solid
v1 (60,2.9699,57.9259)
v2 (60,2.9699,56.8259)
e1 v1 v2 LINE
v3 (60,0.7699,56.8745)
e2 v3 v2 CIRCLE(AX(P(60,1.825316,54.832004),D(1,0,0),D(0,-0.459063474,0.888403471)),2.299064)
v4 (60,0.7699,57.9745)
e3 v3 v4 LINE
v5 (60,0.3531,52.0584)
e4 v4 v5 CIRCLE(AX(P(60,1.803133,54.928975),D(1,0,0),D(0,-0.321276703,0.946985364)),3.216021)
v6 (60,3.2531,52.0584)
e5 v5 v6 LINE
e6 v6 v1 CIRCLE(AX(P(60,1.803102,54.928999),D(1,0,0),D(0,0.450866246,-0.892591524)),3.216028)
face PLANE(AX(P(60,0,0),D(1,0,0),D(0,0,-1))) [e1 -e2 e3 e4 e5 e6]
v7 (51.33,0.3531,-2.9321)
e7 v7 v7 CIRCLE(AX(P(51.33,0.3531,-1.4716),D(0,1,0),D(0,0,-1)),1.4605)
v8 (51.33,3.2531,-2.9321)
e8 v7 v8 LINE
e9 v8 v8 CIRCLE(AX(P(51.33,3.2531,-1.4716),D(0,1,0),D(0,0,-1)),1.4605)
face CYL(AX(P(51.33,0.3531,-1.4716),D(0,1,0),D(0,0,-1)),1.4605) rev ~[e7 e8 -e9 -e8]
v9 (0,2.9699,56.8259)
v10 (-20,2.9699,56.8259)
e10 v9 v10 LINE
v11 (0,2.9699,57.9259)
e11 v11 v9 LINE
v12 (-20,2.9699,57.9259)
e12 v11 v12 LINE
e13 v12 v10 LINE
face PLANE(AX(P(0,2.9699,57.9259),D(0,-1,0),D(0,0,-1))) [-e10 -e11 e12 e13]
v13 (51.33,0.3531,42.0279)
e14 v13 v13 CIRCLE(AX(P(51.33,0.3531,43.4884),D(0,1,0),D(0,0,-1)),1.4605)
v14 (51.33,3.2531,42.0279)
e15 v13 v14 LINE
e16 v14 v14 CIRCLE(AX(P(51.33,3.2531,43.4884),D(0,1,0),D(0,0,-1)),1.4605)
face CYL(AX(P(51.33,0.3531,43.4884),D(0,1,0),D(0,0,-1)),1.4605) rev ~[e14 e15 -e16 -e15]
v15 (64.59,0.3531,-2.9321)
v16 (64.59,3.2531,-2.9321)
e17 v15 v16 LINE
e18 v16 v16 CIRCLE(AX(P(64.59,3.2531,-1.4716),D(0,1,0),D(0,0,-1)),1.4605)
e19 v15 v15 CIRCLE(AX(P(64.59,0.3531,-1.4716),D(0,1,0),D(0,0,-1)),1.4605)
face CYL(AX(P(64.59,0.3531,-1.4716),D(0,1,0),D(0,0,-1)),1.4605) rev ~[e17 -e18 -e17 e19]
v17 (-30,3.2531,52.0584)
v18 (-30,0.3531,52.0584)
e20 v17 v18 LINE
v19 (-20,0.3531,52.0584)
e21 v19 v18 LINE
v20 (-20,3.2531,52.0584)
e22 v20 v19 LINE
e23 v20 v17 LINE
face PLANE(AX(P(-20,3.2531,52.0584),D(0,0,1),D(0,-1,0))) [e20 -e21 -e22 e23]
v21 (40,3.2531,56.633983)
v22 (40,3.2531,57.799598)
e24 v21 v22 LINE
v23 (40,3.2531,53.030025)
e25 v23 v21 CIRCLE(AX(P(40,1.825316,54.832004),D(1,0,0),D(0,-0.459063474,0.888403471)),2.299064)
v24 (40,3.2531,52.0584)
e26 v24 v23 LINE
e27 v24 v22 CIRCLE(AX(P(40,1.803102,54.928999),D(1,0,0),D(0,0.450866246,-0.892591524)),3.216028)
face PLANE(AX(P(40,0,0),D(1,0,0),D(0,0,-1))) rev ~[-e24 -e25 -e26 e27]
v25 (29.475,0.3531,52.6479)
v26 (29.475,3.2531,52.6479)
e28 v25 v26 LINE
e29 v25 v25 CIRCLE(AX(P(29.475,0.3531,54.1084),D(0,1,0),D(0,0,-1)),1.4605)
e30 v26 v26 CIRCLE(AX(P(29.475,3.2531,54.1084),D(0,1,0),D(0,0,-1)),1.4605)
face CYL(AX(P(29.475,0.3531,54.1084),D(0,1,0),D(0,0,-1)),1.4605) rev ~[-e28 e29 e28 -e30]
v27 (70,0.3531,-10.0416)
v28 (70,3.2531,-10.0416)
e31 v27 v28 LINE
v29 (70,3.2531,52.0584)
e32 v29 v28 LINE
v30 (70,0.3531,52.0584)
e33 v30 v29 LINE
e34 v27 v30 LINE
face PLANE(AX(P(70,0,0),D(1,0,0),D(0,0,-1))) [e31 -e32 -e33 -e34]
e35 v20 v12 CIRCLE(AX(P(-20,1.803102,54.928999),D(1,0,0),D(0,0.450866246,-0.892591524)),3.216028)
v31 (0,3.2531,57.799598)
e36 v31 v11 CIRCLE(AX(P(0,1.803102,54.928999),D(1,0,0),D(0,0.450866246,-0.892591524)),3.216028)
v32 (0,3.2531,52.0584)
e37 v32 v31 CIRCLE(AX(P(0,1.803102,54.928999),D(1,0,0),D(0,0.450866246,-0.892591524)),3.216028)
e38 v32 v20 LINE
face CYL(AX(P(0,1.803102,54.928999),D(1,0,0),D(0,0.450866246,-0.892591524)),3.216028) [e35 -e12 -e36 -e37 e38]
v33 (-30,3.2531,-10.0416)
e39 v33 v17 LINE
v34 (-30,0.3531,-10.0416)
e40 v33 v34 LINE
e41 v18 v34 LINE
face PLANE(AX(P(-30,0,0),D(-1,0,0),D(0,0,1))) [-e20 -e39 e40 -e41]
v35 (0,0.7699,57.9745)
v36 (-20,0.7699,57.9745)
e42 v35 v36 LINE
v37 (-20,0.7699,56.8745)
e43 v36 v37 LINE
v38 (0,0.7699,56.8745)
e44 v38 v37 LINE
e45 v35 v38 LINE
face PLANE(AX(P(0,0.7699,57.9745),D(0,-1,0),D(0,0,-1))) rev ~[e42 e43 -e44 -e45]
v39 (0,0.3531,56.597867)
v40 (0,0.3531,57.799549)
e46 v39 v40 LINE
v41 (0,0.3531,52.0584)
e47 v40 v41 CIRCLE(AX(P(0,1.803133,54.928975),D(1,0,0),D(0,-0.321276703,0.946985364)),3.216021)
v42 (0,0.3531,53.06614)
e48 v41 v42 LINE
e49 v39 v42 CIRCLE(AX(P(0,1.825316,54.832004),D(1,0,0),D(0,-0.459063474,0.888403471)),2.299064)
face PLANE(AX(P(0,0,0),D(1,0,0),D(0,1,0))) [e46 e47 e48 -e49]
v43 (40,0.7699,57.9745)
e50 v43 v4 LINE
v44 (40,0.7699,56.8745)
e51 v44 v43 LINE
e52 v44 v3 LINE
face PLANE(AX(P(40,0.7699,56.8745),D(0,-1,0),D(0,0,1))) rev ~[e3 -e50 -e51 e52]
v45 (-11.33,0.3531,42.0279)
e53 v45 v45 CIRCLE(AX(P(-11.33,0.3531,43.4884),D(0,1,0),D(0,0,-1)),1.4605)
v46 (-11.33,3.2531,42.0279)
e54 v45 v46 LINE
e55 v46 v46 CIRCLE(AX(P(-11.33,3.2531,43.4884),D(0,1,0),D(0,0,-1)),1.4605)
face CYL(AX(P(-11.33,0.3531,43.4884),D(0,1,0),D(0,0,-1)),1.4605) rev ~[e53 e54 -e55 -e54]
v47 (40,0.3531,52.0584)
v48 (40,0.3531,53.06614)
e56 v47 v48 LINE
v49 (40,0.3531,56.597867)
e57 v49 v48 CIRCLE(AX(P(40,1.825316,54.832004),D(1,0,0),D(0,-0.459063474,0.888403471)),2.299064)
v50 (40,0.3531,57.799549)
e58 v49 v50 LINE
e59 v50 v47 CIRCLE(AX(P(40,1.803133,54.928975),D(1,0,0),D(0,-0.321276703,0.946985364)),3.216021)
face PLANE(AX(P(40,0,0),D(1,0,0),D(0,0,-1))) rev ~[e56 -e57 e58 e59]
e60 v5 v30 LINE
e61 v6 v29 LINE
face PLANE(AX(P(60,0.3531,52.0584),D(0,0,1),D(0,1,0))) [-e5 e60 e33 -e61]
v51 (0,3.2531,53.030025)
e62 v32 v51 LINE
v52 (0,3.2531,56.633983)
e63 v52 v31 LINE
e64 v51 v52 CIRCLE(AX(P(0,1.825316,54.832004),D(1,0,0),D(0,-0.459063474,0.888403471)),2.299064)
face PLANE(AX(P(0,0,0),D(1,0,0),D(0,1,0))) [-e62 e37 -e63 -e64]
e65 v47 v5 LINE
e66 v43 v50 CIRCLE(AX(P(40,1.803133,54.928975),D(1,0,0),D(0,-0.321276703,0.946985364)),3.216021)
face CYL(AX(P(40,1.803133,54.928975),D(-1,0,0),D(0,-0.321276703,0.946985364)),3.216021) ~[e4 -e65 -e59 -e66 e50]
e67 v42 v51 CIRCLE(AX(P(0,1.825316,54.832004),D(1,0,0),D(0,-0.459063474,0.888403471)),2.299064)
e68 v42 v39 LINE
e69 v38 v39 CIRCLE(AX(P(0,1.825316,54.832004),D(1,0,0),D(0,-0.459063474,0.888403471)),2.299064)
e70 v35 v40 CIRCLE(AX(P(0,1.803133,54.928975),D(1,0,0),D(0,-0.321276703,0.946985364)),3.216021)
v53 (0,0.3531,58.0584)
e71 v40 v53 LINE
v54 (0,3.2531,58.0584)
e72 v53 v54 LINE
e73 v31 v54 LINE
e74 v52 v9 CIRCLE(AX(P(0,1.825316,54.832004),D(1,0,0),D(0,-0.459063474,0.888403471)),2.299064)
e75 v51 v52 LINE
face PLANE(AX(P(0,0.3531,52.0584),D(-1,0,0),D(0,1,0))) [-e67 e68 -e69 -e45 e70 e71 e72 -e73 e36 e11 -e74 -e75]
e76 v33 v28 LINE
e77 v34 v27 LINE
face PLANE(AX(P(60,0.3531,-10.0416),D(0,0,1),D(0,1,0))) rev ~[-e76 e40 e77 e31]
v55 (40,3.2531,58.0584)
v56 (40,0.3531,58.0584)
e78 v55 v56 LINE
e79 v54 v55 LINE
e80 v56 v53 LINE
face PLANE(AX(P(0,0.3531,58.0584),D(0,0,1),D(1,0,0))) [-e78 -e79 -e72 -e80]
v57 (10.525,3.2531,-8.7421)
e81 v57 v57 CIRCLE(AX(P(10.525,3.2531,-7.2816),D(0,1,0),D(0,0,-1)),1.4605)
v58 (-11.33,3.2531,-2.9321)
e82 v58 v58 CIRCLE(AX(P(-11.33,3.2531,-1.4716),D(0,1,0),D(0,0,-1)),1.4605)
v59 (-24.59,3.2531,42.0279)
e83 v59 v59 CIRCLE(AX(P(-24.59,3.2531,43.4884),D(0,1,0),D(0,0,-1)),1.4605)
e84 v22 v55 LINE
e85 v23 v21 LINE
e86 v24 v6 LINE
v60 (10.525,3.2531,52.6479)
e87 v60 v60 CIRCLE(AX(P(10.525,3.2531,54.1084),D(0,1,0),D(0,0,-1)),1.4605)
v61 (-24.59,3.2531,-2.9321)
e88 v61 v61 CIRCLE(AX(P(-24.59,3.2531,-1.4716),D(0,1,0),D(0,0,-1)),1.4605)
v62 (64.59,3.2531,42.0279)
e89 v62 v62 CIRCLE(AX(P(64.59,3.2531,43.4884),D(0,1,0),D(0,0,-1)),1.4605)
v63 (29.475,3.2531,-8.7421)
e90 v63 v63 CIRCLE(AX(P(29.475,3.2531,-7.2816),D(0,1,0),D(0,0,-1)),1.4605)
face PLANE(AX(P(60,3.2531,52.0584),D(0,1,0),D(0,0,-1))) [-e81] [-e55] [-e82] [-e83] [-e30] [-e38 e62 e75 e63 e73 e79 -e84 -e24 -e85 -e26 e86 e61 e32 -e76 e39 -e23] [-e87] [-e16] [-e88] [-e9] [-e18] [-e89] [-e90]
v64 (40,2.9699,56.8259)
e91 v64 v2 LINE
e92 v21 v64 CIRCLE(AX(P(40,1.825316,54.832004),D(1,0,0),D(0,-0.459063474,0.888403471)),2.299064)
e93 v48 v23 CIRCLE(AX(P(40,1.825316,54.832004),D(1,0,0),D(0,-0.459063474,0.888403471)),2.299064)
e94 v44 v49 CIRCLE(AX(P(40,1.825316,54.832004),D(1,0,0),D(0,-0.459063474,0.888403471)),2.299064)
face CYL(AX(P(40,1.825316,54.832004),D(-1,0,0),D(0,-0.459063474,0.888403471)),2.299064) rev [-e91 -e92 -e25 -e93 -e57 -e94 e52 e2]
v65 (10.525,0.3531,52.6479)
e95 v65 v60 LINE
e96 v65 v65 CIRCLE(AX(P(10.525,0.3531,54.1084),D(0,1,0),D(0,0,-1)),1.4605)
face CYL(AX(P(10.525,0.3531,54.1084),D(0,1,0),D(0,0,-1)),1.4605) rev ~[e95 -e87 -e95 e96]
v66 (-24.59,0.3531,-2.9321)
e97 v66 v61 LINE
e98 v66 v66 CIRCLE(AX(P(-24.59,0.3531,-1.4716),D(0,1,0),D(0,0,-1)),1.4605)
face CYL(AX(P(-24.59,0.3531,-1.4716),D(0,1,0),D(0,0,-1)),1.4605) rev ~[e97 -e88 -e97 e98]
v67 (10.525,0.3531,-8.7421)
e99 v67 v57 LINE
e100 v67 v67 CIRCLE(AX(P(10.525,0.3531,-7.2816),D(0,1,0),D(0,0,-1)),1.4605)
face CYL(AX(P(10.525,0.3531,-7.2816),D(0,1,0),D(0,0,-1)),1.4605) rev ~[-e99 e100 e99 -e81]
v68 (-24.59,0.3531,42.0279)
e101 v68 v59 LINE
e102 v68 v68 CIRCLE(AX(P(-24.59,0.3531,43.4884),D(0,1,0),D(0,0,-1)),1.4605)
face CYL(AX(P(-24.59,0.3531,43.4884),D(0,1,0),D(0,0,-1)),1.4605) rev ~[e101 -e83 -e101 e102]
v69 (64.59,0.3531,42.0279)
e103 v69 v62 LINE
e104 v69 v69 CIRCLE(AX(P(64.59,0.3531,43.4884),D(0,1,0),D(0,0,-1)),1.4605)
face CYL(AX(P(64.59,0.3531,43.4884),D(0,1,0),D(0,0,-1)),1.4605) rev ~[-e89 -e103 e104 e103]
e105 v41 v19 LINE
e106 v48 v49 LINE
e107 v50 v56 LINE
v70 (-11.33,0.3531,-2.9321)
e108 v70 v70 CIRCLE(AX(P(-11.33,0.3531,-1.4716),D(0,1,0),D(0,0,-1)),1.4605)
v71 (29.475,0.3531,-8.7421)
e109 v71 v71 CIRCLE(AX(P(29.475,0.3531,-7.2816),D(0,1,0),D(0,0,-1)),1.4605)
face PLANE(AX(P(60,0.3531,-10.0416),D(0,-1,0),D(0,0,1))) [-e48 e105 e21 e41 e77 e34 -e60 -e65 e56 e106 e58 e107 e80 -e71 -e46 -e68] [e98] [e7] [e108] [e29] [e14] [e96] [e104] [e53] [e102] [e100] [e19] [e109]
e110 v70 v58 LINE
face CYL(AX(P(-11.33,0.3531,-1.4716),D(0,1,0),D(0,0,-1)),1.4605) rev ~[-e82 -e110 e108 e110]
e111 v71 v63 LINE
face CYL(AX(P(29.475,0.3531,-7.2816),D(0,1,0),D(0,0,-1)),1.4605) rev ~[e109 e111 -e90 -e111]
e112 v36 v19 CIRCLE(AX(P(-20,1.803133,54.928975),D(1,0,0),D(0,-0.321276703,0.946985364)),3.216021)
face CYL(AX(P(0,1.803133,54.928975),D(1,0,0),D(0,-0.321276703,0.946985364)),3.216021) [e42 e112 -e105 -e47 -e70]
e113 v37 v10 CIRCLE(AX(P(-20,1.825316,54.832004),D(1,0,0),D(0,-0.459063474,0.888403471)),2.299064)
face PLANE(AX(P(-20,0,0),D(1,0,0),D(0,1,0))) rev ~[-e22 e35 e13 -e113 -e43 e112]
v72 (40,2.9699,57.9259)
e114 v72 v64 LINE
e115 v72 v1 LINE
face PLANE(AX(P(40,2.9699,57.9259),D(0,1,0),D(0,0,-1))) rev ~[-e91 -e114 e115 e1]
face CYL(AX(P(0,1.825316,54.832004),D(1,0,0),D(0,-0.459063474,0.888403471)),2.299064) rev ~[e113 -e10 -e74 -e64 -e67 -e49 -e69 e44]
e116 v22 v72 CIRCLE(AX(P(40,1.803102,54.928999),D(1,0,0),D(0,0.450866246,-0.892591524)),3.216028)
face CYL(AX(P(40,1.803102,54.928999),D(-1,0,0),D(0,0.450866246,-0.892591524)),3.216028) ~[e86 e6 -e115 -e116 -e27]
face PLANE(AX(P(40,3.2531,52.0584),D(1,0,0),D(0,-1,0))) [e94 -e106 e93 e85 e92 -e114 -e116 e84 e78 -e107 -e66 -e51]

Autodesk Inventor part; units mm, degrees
ref_plane "YZ Plane" through (0, 0, 0) normal (1, 0, 0) x (0, 1, 0)
ref_plane "XZ Plane" through (0, 0, 0) normal (0, 1, 0) x (-1, 0, 0)
ref_plane "XY Plane" through (0, 0, 0) normal (0, 0, 1) x (1, 0, 0)
sketch "Sketch1" plane through (0, 0, 0) normal (1, 0, 0) x (0, 1, 0)
  line L0 (3.2531, 52.0584) -> (0.3531, 52.0584)
  line L1 (0.3531, 52.0584) -> (0.3531, -10.0416)
  line L2 (0.3531, -10.0416) -> (3.2531, -10.0416)
  line L3 (3.2531, -10.0416) -> (3.2531, 52.0584)
  arc A0 (3.2531, 52.0584) -> (2.9699, 57.9259) centre (1.8031, 54.929) ccw
  arc A1 (0.7699, 57.9745) -> (0.3531, 52.0584) centre (1.8031, 54.929) ccw
  line L4 (0.7699, 57.9745) -> (0.7699, 56.8745)
  line L5 (2.9699, 57.9259) -> (2.9699, 56.8259)
  arc A2 (0.7699, 56.8745) -> (2.9699, 56.8259) centre (1.8253, 54.832) ccw
  point P0 (0, 0)
  dimension "d0" = 2.9
  dimension "d1" = 62.1
  dimension "d156" = 1.1
  dimension "d157" = 1.1
  dimension "d158" = 2.2
extrude "Extrusion1" add sketch "Sketch1" against normal blind 20
sketch "Sketch3" plane through (0, 0, 0) normal (1, 0, 0) x (0, 0, -1)
  arc A0 (-52.0584, 3.2531) -> (-57.9259, 2.9699) centre (-54.929, 1.8031) ccw projected
  line L0 (10.0416, 0.3531) -> (-52.0584, 0.3531) projected
  line L1 (-52.0584, 3.2531) -> (10.0416, 3.2531)
  line L2 (10.0416, 3.2531) -> (10.0416, 0.3531)
  line L3 (10.0416, 0.3531) -> (-52.0584, 0.3531)
  line L4 (-52.0584, 0.3531) -> (-52.0584, 3.2531)
  point P0 (0, 0)
extrude "Extrusion2" add sketch "Sketch3" along normal blind 40
sketch "Sketch4" plane through (40, 0, 0) normal (1, 0, 0) x (0, 0, -1)
  line L0 (10.0416, 0.3531) -> (-52.0584, 0.3531) projected
  line L1 (10.0416, 0.3531) -> (-52.0584, 0.3531)
  line L2 (-52.0584, 0.3531) -> (-52.0584, 3.2531)
  line L3 (-52.0584, 3.2531) -> (10.0416, 3.2531)
  line L4 (10.0416, 3.2531) -> (10.0416, 0.3531)
  arc A0 (-57.9745, 0.7699) -> (-52.0584, 0.3531) centre (-54.929, 1.8031) ccw projected
  arc A1 (-57.9745, 0.7699) -> (-52.0584, 0.3531) centre (-54.929, 1.8031) ccw
  arc A2 (-52.0584, 3.2531) -> (-57.9259, 2.9699) centre (-54.929, 1.8031) ccw projected
  arc A3 (-52.0584, 3.2531) -> (-57.9259, 2.9699) centre (-54.929, 1.8031) ccw
  arc A4 (-56.8745, 0.7699) -> (-56.8259, 2.9699) centre (-54.832, 1.8253) ccw projected
  arc A5 (-56.8745, 0.7699) -> (-56.8259, 2.9699) centre (-54.832, 1.8253) ccw
  line L5 (-56.8745, 0.7699) -> (-57.9745, 0.7699) projected
  line L6 (-56.8745, 0.7699) -> (-57.9745, 0.7699)
  line L7 (-57.9259, 2.9699) -> (-56.8259, 2.9699) projected
  line L8 (-56.8259, 2.9699) -> (-57.9259, 2.9699)
  point P0 (0, 0)
  dimension "d159" = 1.1
  dimension "d160" = 2.2
extrude "Extrusion3" add sketch "Sketch4" along normal blind 20
sketch "Sketch9" plane through (0, 0.3531, 52.0584) normal (0, 0, 1) x (1, 0, 0)
  line L0 (0, 2.9) -> (40, 2.9) projected
  line L1 (0, 2.9) -> (40, 2.9)
  line L2 (40, 2.9) -> (40, 0)
  line L3 (40, 0) -> (0, 0)
  line L4 (0, 0) -> (0, 2.9)
  point P0 (0, -0.3531)
extrude "Extrusion4" add sketch "Sketch9" along normal blind 6
sketch "Sketch10" plane through (-20, 0, 0) normal (-1, 0, 0) x (0, 0, 1)
  arc A0 (52.0584, 0.3531) -> (57.9745, 0.7699) centre (54.929, 1.8031) ccw projected
  line L0 (-10.0416, 3.2531) -> (-10.0416, 0.3531) projected
  line L1 (52.0584, 0.3531) -> (-10.0416, 0.3531)
  line L2 (-10.0416, 0.3531) -> (-10.0416, 3.2531)
  line L3 (-10.0416, 3.2531) -> (52.0584, 3.2531)
  line L4 (52.0584, 3.2531) -> (52.0584, 0.3531)
  point P0 (0, 0)
extrude "Extrusion5" add sketch "Sketch10" along normal blind 10
sketch "Sketch11" plane through (60, 0, 0) normal (1, 0, 0) x (0, 0, -1)
  line L0 (10.0416, 0.3531) -> (10.0416, 3.2531) projected
  arc A0 (-52.0584, 3.2531) -> (-57.7996, 3.2531) centre (-54.929, 1.8031) ccw projected
  line L1 (10.0416, 0.3531) -> (-52.0584, 0.3531)
  line L2 (-52.0584, 0.3531) -> (-52.0584, 3.2531)
  line L3 (-52.0584, 3.2531) -> (10.0416, 3.2531)
  line L4 (10.0416, 3.2531) -> (10.0416, 0.3531)
  point P0 (0, 0)
extrude "Extrusion6" add sketch "Sketch11" along normal blind 10
sketch "Sketch5" plane through (-20, 0.3531, -10.0416) normal (0, -1, 0) x (1, 0, 0)
  line L0 (20, 62.1) -> (60, 62.1) projected
  line L1 (0, 0) -> (0, 62.1) projected
  line L2 (60, 68.1) -> (20, 68.1) projected
  line L3 (-10, 0) -> (-10, 62.1) projected
  point P0 (20, 10.0416)
  point P1 (30.525, 64.15)
  dimension "d80" = 40.525
  dimension "d81" = 3.95
hole "Hole1" at (10.525, 0.3531, 54.1084) direction (0, 1, 0) diameter 2.921 end through all
sketch "Sketch6" plane through (-20, 0.3531, -10.0416) normal (0, -1, 0) x (1, 0, 0)
  line L0 (20, 62.1) -> (60, 62.1) projected
  circle A0 centre (30.525, 64.15) radius 1.4605 projected
  line L1 (60, 68.1) -> (20, 68.1) projected
  point P0 (20, 10.0416)
  point P1 (49.475, 64.15)
  dimension "d42" = 18.95
  dimension "d53" = 3.95
hole "Hole2" at (29.475, 0.3531, 54.1084) direction (0, 1, 0) diameter 2.921 end through all
sketch "Sketch7" plane through (-20, 0.3531, -10.0416) normal (0, -1, 0) x (1, 0, 0)
  line L0 (0, 0) -> (0, 62.1) projected
  circle A0 centre (30.525, 64.15) radius 1.4605 projected
  line L1 (-10, 0) -> (-10, 62.1) projected
  point P0 (20, 10.0416)
  point P1 (30.525, 2.76)
  dimension "d49" = 61.39
  dimension "d82" = 40.525
hole "Hole3" at (10.525, 0.3531, -7.2816) direction (0, 1, 0) diameter 2.921 end through all
sketch "Sketch8" plane through (-20, 0.3531, -10.0416) normal (0, -1, 0) x (1, 0, 0)
  circle A0 centre (30.525, 2.76) radius 1.4605 projected
  circle A1 centre (49.475, 64.15) radius 1.4605 projected
  point P0 (20, 10.0416)
  point P1 (49.475, 2.76)
  point P2 (41.1972, 0)
  point P3 (38.7028, 0)
  point P4 (60, 64.989)
  point P5 (60, 63.311)
  dimension "d48" = 18.95
  dimension "d54" = 61.39
hole "Hole4" at (29.475, 0.3531, -7.2816) direction (0, 1, 0) diameter 2.921 end through all
sketch "Sketch12" plane through (0, 0.3531, 58.0584) normal (0, -1, 0) x (1, 0, 0)
  line L0 (-20, -6) -> (-30, -6) projected
  line L1 (-30, -68.1) -> (-30, -6) projected
  point P0 (0, -58.0584)
  point P1 (-24.59, -14.57)
  dimension "d133" = 8.57
  dimension "d134" = 5.41
hole "Hole5" at (-24.59, 0.3531, 43.4884) direction (0, 1, 0) diameter 2.921 end through all
sketch "Sketch13" plane through (0, 0.3531, 58.0584) normal (0, -1, 0) x (1, 0, 0)
  line L0 (0, -6) -> (-20, -6) projected
  circle A0 centre (-24.59, -14.57) radius 1.4605 projected
  point P0 (0, -58.0584)
  point P1 (-11.33, -14.57)
  dimension "d135" = 8.57
  dimension "d136" = 13.26
hole "Hole6" at (-11.33, 0.3531, 43.4884) direction (0, 1, 0) diameter 2.921 end through all
sketch "Sketch14" plane through (0, 0.3531, 58.0584) normal (0, -1, 0) x (1, 0, 0)
  line L0 (-30, -68.1) -> (-30, -6) projected
  circle A0 centre (-24.59, -14.57) radius 1.4605 projected
  point P0 (0, -58.0584)
  point P1 (-24.59, -59.53)
  dimension "d137" = 5.41
  dimension "d138" = 44.96
hole "Hole7" at (-24.59, 0.3531, -1.4716) direction (0, 1, 0) diameter 2.921 end through all
sketch "Sketch15" plane through (0, 0.3531, 58.0584) normal (0, -1, 0) x (1, 0, 0)
  circle A0 centre (-11.33, -14.57) radius 1.4605 projected
  circle A1 centre (-24.59, -59.53) radius 1.4605 projected
  point P0 (0, -58.0584)
  point P1 (-11.33, -59.53)
  dimension "d139" = 44.96
  dimension "d148" = 13.26
hole "Hole8" at (-11.33, 0.3531, -1.4716) direction (0, 1, 0) diameter 2.921 end through all
sketch "Sketch17" plane through (0, 0.3531, 58.0584) normal (0, -1, 0) x (1, 0, 0)
  line L0 (70, -6) -> (70, -68.1) projected
  line L1 (60, -6) -> (70, -6) projected
  point P0 (0, -58.0584)
  point P1 (64.59, -14.57)
  dimension "d142" = 5.41
  dimension "d147" = 8.57
hole "Hole10" at (64.59, 0.3531, 43.4884) direction (0, 1, 0) diameter 2.921 end through all
sketch "Sketch16" plane through (0, 0.3531, 58.0584) normal (0, -1, 0) x (1, 0, 0)
  circle A0 centre (64.59, -14.57) radius 1.4605 projected
  line L0 (40, -6) -> (60, -6) projected
  point P0 (0, -58.0584)
  point P1 (51.33, -14.57)
  dimension "d144" = 13.26
  dimension "d146" = 8.57
hole "Hole9" at (51.33, 0.3531, 43.4884) direction (0, 1, 0) diameter 2.921 end through all
sketch "Sketch19" plane through (0, 0.3531, 58.0584) normal (0, -1, 0) x (1, 0, 0)
  circle A0 centre (64.59, -14.57) radius 1.4605 projected
  line L0 (70, -6) -> (70, -68.1) projected
  point P0 (0, -58.0584)
  point P1 (64.59, -59.53)
  dimension "d141" = 44.96
  dimension "d143" = 5.41
hole "Hole12" at (64.59, 0.3531, -1.4716) direction (0, 1, 0) diameter 2.921 end through all
sketch "Sketch18" plane through (0, 0.3531, 58.0584) normal (0, -1, 0) x (1, 0, 0)
  circle A0 centre (51.33, -14.57) radius 1.4605 projected
  circle A1 centre (64.59, -59.53) radius 1.4605 projected
  point P0 (0, -58.0584)
  point P1 (51.33, -59.53)
  dimension "d140" = 44.96
  dimension "d145" = 13.26
hole "Hole11" at (51.33, 0.3531, -1.4716) direction (0, 1, 0) diameter 2.921 end through all
